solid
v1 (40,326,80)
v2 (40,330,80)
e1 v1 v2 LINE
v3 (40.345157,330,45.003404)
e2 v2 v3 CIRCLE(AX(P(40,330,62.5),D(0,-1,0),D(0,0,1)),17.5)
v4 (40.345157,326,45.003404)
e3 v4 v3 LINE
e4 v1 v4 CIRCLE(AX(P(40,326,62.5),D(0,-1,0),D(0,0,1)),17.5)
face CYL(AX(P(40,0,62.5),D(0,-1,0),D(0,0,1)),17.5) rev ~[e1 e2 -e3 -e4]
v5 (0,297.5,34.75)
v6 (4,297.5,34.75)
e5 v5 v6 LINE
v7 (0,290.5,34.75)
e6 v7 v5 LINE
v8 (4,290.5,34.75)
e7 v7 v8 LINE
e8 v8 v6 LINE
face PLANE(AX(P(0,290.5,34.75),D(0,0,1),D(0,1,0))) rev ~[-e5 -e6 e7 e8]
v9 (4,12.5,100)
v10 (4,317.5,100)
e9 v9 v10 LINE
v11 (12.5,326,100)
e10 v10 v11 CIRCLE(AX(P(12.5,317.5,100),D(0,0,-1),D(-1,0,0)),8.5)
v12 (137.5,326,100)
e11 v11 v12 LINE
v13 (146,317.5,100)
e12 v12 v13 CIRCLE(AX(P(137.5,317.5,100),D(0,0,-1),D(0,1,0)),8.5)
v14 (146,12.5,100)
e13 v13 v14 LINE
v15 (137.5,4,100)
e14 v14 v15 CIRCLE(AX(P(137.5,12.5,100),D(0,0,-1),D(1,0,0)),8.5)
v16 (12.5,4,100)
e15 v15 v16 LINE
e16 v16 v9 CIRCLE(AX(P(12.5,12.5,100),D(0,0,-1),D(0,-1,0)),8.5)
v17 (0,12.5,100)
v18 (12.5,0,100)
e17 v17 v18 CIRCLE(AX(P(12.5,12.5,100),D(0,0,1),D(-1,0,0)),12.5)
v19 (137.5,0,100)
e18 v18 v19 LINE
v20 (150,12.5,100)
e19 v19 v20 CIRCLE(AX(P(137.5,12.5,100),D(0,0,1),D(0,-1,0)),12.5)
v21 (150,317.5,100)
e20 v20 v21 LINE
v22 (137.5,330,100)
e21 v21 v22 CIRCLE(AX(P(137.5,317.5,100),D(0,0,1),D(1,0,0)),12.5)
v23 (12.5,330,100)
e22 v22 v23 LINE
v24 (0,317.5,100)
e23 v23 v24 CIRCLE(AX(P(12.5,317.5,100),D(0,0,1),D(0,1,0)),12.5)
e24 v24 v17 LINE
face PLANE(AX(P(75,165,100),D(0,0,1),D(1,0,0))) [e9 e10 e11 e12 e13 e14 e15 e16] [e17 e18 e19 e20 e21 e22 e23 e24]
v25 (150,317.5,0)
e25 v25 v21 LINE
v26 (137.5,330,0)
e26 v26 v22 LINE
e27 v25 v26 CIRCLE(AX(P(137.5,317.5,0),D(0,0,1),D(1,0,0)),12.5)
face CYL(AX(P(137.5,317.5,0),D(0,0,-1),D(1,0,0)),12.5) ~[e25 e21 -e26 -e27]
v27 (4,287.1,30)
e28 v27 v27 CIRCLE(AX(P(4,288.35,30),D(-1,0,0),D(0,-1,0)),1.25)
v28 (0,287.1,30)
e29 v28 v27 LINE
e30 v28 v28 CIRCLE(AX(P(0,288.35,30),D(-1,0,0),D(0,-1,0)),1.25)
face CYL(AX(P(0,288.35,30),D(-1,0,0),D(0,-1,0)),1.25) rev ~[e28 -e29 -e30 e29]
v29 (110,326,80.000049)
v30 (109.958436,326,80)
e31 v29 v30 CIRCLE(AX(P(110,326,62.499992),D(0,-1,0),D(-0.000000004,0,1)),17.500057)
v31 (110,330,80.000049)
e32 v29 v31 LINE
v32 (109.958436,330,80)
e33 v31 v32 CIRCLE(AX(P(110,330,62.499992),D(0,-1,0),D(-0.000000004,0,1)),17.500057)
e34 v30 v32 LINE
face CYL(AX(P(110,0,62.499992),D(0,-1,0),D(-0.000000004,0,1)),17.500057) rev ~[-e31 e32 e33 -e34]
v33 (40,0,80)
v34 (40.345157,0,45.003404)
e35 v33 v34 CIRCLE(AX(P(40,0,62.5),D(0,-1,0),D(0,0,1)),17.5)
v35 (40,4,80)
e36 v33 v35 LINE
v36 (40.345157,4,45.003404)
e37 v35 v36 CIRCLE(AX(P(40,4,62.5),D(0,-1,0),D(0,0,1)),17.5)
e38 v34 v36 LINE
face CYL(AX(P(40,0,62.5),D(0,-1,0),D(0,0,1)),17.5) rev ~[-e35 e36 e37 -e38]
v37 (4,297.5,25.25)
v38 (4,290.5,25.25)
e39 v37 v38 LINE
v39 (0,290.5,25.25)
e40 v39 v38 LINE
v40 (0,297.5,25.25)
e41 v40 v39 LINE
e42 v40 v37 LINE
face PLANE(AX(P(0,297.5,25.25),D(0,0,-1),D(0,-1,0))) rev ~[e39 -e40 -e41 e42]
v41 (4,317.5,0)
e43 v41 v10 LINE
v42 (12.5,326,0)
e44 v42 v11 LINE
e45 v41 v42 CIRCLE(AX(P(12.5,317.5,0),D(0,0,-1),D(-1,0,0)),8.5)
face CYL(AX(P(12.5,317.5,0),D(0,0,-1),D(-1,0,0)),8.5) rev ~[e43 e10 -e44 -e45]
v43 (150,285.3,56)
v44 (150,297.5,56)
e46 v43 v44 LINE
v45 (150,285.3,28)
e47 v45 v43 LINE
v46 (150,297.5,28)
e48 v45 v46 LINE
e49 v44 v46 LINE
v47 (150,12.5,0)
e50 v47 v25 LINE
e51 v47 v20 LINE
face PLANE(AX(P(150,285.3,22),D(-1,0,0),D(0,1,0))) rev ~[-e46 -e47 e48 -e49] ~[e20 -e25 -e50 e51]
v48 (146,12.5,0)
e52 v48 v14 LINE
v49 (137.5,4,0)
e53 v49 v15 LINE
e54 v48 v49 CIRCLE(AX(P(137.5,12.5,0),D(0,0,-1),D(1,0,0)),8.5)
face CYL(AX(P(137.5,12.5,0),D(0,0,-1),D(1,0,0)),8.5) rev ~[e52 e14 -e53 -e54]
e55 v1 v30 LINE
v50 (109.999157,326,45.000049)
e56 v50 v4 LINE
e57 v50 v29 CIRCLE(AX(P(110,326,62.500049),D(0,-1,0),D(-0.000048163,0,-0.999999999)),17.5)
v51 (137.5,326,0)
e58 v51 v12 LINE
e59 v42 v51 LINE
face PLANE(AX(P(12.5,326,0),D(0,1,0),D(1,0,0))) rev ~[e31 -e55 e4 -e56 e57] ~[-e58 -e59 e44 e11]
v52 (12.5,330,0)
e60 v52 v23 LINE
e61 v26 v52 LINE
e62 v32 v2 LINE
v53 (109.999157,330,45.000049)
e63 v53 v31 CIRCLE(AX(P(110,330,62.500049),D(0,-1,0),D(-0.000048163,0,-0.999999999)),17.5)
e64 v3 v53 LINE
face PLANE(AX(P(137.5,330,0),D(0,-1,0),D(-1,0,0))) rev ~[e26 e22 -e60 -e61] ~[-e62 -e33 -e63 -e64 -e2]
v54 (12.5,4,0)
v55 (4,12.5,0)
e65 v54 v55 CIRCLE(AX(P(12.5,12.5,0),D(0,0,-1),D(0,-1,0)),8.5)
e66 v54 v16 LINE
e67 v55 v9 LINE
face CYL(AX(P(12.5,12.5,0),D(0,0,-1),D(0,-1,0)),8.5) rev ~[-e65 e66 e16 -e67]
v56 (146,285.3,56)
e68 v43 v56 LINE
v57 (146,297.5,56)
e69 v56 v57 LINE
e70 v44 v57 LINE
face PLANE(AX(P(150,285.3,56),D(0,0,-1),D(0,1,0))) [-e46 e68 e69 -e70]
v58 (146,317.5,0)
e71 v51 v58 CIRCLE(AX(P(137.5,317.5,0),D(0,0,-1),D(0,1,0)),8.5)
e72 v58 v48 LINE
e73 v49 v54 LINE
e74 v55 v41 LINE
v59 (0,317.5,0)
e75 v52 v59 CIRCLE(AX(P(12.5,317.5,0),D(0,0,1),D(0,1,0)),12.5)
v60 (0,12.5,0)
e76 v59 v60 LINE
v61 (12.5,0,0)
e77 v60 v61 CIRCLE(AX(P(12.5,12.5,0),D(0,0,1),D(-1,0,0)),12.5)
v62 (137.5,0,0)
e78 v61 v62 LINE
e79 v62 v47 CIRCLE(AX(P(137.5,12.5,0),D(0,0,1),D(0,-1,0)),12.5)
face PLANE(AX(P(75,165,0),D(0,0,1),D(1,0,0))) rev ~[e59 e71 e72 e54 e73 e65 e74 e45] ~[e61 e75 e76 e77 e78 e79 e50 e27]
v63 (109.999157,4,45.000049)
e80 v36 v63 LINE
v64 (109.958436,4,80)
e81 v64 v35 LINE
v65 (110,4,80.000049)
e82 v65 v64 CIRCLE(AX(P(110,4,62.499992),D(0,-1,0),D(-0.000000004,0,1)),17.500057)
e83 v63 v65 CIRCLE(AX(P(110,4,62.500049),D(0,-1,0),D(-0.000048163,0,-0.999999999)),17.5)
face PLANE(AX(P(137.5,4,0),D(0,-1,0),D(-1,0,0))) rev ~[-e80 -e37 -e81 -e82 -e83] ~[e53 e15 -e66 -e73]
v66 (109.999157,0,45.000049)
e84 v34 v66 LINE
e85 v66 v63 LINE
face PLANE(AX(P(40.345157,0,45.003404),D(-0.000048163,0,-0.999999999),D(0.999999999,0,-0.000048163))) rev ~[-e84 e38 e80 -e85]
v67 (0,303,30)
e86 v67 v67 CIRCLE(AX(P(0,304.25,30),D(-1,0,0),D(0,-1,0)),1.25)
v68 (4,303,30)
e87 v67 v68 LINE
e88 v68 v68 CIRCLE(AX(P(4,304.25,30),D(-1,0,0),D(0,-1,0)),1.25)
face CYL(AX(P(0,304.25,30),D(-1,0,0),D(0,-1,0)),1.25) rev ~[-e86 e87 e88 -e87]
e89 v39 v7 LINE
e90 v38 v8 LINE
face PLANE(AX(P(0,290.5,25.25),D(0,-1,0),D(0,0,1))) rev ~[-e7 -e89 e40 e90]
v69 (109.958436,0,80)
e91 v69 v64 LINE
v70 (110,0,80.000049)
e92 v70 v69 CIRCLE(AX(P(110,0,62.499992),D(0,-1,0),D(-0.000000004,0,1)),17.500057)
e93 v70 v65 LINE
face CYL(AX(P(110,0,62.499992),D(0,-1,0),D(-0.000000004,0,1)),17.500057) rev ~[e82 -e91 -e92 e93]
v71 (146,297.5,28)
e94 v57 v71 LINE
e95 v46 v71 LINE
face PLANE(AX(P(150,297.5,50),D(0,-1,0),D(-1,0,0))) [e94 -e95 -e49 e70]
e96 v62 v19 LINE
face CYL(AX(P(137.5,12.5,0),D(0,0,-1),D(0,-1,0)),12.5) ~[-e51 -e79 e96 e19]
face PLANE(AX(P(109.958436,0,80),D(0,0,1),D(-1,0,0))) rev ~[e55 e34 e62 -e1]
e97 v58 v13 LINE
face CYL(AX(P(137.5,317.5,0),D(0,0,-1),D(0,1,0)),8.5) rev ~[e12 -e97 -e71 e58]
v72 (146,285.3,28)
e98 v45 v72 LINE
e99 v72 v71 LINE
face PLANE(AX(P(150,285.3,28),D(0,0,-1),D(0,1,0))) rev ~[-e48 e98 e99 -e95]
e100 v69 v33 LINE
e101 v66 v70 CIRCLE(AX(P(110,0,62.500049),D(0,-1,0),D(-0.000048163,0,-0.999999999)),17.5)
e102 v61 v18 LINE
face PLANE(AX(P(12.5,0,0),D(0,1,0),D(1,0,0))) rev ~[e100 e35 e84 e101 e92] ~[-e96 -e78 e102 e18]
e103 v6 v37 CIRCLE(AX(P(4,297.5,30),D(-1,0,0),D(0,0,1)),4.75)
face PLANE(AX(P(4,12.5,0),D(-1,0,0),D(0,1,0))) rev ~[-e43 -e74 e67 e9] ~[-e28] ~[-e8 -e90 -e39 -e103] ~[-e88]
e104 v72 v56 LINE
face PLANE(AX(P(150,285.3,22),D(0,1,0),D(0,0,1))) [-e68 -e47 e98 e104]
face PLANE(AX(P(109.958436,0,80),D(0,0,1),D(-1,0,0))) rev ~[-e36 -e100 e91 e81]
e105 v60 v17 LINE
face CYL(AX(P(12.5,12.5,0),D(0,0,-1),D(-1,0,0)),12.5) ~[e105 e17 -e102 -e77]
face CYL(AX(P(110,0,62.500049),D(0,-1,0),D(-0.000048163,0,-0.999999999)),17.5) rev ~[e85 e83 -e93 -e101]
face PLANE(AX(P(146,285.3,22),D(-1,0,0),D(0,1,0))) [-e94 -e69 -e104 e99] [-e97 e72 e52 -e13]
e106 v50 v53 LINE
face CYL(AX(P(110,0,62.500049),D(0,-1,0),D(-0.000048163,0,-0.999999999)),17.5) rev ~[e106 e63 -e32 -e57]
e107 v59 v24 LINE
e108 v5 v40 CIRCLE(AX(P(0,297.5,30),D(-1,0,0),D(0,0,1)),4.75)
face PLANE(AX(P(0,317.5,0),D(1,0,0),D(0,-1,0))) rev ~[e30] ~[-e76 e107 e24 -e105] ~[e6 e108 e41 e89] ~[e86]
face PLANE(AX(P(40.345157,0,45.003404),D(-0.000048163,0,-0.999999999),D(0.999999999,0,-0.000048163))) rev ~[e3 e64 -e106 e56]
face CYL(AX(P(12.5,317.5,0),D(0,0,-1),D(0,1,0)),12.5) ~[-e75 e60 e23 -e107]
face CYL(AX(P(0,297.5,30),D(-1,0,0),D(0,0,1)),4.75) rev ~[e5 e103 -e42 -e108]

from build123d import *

# Parameters (mm, degrees)
F1_DEPTH  = 100
F3_DEPTH  = 330.001
F4_W      = 12.2
F4_H      = 28
F5_DEPTH  = 25
F6_DEPTH  = 6
F7_DEPTH  = 6
F9_DEPTH  = 4
F8_R      = 1.25
F10_DEPTH = 25


with BuildPart() as f1:
    # F0 (on Top) → F1 (new body)
    with BuildSketch(Plane.XY):
        with BuildLine():
            ThreePointArc((0, 12.5), (3.6611652352, 3.6611652352), (12.5, 0))
            Line((12.5, 0), (137.5, 0))
            ThreePointArc((137.5, 0), (146.3388347648, 3.6611652352), (150, 12.5))
            Line((150, 12.5), (150, 317.5))
            ThreePointArc((150, 317.5), (146.3388347648, 326.3388347648), (137.5, 330))
            Line((137.5, 330), (12.5, 330))
            ThreePointArc((12.5, 330), (3.6611652352, 326.3388347648), (0, 317.5))
            Line((0, 317.5), (0, 12.5))
        make_face()
        with BuildLine():
            ThreePointArc((12.5, 4), (6.4895923599, 6.4895923599), (4, 12.5))
            Line((4, 12.5), (4, 317.5))
            ThreePointArc((4, 317.5), (6.4895923599, 323.5104076401), (12.5, 326))
            Line((12.5, 326), (137.5, 326))
            ThreePointArc((137.5, 326), (143.5104076401, 323.5104076401), (146, 317.5))
            Line((146, 317.5), (146, 12.5))
            ThreePointArc((146, 12.5), (143.5104076401, 6.4895923599), (137.5, 4))
            Line((137.5, 4), (12.5, 4))
        make_face(mode=Mode.SUBTRACT)
    extrude(amount=F1_DEPTH)

    # F2 (on face) → F3 (cut, through all)
    with BuildSketch(Plane.XZ):
        with BuildLine():
            Line((109.958435546, 80), (40, 80))
            ThreePointArc((40, 80), (22.5008510571, 62.3274129951), (40.3451572234, 45.0034041456))
            Line((40.3451572234, 45.0034041456), (109.9991571426, 45.0000493805))
            ThreePointArc((109.9991571426, 45.0000493805), (127.4999999949, 62.4996279315), (110, 80.0000493602))
            ThreePointArc((110, 80.0000493602), (109.9792177583, 80.0000370201), (109.958435546, 80))
        make_face()
    extrude(amount=-F3_DEPTH, mode=Mode.SUBTRACT)

    # F4 (on face) → F5 (cut)
    with BuildSketch(Plane.YZ.offset(150)):
        with Locations((291.4, 36)):
            Rectangle(F4_W, F4_H)
    extrude(amount=-F5_DEPTH, mode=Mode.SUBTRACT)

    # F6 (add): a face of the model
    f6_faces = [f1.faces().sort_by_distance(p)[0] for p in [
        (148, 291.4, 22),
    ]]
    extrude(f6_faces, amount=F6_DEPTH)

    # F7 (cut): a face of the model
    f7_faces = [f1.faces().sort_by_distance(p)[0] for p in [
        (148, 291.4, 50),
    ]]
    extrude(f7_faces, amount=-F7_DEPTH, mode=Mode.SUBTRACT)

    # F8 (on face) → F9 (cut, through all)
    with BuildSketch(Plane(origin=(0, 0, 0), x_dir=(0, -1, 0), z_dir=(-1, 0, 0))):
        with BuildLine():
            Line((-290.5, 34.75), (-297.5, 34.75))
            ThreePointArc((-297.5, 34.75), (-302.25, 30), (-297.5, 25.25))
            Line((-297.5, 25.25), (-290.5, 25.25))
            Line((-290.5, 25.25), (-290.5, 34.75))
        make_face()
    extrude(amount=-F9_DEPTH, mode=Mode.SUBTRACT)

    # F8 (on face) → F10 (cut)
    with BuildSketch(Plane(origin=(0, 0, 0), x_dir=(0, -1, 0), z_dir=(-1, 0, 0))):
        with BuildLine():
            Line((-290.5, 34.75), (-297.5, 34.75))
            ThreePointArc((-297.5, 34.75), (-302.25, 30), (-297.5, 25.25))
            Line((-297.5, 25.25), (-290.5, 25.25))
            Line((-290.5, 25.25), (-290.5, 34.75))
        make_face()
        with Locations((-304.25, 30)):
            Circle(F8_R)
        with Locations((-288.35, 30)):
            Circle(F8_R)
    extrude(amount=-F10_DEPTH, mode=Mode.SUBTRACT)


solid = f1.part
